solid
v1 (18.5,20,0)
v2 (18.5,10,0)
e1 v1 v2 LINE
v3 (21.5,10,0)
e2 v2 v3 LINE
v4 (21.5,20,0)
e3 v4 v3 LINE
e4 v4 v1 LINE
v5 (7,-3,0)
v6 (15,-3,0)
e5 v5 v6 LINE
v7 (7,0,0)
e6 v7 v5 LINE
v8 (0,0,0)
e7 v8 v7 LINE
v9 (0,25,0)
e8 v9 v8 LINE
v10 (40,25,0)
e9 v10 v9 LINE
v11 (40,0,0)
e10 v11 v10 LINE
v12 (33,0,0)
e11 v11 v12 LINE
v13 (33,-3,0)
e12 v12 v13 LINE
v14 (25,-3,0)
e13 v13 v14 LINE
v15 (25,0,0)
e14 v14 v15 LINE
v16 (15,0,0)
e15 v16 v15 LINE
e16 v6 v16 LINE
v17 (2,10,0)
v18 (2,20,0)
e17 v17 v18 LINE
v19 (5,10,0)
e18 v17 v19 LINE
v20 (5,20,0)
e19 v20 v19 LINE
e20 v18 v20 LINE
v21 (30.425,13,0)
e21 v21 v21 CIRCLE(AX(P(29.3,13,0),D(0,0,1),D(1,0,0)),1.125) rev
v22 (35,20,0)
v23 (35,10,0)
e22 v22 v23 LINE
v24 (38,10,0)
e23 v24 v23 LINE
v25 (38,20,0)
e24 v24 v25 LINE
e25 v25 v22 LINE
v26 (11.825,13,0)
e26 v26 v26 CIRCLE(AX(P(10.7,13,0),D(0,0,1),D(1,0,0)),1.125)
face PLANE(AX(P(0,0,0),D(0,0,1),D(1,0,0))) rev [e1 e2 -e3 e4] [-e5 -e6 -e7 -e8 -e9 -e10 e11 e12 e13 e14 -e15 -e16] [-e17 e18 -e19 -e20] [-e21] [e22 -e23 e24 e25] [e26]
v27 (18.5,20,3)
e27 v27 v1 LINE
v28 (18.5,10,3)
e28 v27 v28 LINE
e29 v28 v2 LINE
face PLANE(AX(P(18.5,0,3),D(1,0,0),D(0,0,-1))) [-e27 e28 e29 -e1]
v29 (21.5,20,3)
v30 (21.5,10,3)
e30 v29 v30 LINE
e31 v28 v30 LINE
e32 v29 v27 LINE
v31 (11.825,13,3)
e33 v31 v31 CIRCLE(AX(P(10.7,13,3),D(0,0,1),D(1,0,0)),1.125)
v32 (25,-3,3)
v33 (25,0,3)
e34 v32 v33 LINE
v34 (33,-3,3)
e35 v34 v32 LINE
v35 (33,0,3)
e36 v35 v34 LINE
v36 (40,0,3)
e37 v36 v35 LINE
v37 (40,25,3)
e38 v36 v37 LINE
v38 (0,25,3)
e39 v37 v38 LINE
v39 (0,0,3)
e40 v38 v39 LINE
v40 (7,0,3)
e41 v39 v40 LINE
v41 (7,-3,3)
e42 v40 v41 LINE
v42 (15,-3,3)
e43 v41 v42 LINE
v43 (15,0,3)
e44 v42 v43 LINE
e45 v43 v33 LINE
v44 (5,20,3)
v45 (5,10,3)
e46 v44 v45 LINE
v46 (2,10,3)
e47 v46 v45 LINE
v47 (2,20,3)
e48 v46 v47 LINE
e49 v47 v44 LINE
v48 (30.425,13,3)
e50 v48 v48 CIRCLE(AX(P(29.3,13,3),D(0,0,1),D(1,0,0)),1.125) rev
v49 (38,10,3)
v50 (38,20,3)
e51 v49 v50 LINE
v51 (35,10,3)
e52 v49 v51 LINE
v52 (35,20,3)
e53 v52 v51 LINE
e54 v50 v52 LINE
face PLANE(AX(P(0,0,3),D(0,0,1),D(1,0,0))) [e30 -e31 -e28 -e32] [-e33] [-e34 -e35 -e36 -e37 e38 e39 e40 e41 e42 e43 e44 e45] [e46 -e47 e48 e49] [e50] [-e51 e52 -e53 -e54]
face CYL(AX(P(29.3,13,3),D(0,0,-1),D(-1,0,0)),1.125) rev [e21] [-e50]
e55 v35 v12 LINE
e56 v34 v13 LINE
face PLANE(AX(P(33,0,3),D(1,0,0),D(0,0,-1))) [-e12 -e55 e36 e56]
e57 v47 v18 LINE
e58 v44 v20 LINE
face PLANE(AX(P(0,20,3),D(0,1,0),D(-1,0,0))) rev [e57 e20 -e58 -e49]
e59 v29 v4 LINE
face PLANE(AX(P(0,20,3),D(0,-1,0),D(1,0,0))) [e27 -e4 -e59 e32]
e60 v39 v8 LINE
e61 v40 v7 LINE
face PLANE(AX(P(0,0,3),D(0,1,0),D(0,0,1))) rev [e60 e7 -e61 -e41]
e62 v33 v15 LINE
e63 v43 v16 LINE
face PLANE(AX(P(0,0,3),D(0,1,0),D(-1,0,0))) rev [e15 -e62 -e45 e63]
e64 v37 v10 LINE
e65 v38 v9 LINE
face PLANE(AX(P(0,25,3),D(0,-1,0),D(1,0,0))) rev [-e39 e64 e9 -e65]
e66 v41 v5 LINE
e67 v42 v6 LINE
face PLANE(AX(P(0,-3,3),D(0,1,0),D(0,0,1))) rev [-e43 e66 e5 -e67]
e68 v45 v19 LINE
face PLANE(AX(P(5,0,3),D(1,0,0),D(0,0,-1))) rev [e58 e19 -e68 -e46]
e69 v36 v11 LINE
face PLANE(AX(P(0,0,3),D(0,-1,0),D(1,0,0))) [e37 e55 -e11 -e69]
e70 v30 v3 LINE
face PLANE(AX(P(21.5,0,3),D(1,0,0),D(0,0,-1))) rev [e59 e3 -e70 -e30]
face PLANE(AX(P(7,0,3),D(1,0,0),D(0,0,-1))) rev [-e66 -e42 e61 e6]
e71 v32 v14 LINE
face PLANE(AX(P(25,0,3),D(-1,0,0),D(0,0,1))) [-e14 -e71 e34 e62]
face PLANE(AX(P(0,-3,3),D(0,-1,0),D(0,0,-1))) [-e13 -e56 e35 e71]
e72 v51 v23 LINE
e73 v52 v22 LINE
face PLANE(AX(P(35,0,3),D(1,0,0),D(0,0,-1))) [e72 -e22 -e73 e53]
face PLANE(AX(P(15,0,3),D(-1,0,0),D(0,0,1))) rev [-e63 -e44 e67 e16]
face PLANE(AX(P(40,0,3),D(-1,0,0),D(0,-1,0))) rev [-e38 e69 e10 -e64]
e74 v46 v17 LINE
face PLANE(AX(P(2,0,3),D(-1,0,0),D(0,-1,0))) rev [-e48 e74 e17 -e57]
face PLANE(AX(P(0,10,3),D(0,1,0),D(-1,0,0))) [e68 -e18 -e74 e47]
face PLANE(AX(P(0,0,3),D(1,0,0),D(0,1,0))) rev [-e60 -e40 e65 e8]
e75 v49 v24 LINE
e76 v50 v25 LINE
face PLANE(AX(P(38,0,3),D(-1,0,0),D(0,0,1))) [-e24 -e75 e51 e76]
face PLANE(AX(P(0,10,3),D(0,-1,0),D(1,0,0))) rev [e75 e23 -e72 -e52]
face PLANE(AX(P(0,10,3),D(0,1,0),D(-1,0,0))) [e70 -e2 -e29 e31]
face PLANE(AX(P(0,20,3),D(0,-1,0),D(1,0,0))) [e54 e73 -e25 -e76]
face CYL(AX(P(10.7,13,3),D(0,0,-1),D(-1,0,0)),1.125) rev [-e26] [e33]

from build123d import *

# Parameters (mm, degrees)
SKETCH_1_R      = 1.125
SKETCH_1_W      = 3
SKETCH_1_H      = 10
EXTRUDE_1_DEPTH = 3


with BuildPart() as part:
    # 草图1 → 凸台-拉伸1 (new body)
    with BuildSketch(Plane.XY):
        Polygon((40, 0), (40, 25), (0, 25), (0, 0), (2, 0), (5, 0), (7, 0), (7, -3), (15, -3), (15, 0), (25, 0), (25, -3), (33, -3), (33, 0), (35, 0), (38, 0), align=None)
        with Locations((10.7, 13)):
            Circle(SKETCH_1_R, mode=Mode.SUBTRACT)
        with Locations((29.3, 13)):
            Circle(SKETCH_1_R, mode=Mode.SUBTRACT)
        with Locations((3.5, 15)):
            Rectangle(SKETCH_1_W, SKETCH_1_H, mode=Mode.SUBTRACT)
        with Locations((36.5, 15)):
            Rectangle(SKETCH_1_W, SKETCH_1_H, mode=Mode.SUBTRACT)
        with Locations((20, 15)):
            Rectangle(SKETCH_1_W, SKETCH_1_H, mode=Mode.SUBTRACT)
    extrude(amount=EXTRUDE_1_DEPTH)


solid = part.part
